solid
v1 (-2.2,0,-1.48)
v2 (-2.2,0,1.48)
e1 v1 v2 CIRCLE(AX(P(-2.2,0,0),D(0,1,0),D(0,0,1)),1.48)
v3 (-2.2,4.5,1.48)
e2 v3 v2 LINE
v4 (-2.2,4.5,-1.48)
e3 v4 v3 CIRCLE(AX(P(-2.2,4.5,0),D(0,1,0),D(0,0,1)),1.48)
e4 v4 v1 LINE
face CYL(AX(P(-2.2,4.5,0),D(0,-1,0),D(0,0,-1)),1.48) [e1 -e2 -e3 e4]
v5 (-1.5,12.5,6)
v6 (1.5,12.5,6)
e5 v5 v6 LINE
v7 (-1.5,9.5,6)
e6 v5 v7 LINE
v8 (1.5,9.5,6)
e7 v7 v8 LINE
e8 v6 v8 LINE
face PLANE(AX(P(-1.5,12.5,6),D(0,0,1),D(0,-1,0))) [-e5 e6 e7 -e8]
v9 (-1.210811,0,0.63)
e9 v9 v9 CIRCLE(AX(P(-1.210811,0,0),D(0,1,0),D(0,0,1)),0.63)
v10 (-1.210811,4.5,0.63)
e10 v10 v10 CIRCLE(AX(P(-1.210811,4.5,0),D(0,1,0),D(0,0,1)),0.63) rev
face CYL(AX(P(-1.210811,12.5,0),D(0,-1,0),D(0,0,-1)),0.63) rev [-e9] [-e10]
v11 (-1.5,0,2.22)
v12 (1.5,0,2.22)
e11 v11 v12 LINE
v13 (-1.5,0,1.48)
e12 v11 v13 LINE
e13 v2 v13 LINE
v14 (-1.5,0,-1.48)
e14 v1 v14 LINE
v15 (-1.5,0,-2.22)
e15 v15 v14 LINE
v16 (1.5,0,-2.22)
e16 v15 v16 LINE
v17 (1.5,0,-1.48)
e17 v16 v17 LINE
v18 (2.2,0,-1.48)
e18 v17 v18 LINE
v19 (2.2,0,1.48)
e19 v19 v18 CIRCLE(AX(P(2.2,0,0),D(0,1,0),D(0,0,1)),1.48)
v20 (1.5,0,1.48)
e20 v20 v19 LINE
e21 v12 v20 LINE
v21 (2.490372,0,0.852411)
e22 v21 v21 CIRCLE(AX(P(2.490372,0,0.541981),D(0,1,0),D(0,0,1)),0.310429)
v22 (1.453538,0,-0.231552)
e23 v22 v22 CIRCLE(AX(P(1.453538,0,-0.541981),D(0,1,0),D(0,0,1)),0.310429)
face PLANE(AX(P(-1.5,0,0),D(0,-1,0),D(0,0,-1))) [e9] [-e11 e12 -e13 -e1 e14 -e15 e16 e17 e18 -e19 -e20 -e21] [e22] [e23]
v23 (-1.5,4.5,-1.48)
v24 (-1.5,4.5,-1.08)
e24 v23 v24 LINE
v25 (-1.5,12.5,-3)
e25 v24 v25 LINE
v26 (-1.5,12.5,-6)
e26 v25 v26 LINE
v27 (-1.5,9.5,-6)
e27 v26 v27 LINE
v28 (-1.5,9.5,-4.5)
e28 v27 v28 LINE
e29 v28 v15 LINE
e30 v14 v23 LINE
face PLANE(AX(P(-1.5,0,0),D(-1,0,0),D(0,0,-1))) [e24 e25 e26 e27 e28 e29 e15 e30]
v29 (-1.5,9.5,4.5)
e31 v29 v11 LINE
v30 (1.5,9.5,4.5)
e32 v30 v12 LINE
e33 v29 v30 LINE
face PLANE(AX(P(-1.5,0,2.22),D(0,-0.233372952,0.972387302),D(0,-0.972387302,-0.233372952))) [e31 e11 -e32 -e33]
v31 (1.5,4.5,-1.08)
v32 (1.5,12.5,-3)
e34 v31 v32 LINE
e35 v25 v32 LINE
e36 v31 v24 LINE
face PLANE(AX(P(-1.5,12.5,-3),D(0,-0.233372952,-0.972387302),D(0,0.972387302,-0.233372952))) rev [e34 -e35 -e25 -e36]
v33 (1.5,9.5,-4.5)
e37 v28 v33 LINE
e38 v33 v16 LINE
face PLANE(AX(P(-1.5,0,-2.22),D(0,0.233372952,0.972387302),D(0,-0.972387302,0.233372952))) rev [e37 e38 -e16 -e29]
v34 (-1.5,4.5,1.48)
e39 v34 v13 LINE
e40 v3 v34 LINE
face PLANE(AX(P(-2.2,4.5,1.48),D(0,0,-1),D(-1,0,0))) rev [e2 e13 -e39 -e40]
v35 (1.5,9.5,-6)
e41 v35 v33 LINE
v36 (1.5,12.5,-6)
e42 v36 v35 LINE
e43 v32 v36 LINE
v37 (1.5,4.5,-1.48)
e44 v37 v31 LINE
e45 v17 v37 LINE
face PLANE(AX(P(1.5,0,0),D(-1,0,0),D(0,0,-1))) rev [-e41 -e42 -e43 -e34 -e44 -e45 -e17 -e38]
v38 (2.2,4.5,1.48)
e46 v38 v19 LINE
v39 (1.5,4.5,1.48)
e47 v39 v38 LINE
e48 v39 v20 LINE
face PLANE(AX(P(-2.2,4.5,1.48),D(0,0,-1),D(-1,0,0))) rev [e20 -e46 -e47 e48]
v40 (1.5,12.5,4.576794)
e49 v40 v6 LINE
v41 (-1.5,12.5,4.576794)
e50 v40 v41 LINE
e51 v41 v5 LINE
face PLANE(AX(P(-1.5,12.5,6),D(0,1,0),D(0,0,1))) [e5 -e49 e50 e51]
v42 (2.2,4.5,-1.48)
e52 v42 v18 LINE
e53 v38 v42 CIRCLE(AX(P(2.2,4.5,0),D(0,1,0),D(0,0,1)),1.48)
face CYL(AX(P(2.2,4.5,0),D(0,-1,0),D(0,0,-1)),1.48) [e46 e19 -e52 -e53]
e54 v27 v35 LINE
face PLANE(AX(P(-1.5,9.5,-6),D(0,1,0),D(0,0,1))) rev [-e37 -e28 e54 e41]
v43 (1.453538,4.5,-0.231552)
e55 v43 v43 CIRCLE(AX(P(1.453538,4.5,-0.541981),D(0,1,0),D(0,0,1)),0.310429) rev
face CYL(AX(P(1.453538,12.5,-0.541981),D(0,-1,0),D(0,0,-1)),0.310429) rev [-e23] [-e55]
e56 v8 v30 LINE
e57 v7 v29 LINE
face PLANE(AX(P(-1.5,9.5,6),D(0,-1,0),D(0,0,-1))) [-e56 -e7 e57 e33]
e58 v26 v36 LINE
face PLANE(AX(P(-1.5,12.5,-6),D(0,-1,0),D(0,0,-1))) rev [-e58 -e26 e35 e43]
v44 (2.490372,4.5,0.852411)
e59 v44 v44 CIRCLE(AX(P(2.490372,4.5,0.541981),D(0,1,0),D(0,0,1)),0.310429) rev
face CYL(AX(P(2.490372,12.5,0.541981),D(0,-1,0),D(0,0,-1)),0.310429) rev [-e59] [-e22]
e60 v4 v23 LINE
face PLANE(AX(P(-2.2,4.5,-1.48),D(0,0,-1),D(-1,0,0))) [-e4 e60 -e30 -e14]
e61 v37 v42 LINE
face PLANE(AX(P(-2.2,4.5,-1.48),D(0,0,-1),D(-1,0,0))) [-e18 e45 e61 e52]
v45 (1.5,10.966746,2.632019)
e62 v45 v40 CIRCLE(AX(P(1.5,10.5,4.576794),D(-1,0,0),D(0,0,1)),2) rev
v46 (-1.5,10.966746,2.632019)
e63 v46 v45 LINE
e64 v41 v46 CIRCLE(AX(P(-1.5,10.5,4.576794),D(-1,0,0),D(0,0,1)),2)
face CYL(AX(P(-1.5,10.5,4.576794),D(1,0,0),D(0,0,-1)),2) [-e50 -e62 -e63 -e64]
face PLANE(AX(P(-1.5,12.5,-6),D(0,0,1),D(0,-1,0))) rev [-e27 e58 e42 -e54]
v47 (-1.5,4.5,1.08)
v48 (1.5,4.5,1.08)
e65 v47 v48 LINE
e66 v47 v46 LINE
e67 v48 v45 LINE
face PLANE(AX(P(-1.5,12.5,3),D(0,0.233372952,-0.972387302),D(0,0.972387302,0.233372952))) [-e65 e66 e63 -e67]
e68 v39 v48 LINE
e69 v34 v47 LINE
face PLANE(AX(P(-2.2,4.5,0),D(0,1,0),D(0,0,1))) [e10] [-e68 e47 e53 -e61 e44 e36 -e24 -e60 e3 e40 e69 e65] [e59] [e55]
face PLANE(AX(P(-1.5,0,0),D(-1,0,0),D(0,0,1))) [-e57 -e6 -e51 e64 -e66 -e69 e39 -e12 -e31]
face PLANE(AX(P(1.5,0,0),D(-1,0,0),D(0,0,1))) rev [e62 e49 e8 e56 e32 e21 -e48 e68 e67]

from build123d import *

# Parameters (mm, degrees)
BOSS_EXTRUDE2_DEPTH = 1.5
FILLET1_R           = 2
BOSS_EXTRUDE3_DEPTH = 4.5
SKETCH1_3_R         = 0.63
SKETCH1_3_R_2       = 0.310429465
CUT_EXTRUDE2_DEPTH  = 15.345466183


with BuildPart() as part:
    # Sketch2 → Boss-Extrude2 (new, symmetric)
    with BuildSketch(Plane(origin=(0, 0, 0), x_dir=(0, 0, -1), z_dir=(1, 0, 0))):
        Polygon((-6, 12.5), (-6, 9.5), (-4.5, 9.5), (-2.22, 0), (0, 0), (-3, 12.5), align=None)
    boss_extrude2 = extrude(amount=BOSS_EXTRUDE2_DEPTH, both=True)

    # Fillet1
    fillet1_edges = [part.edges().sort_by_distance(p)[0] for p in [
        (0, 12.5, 3),
    ]]
    fillet(fillet1_edges, radius=FILLET1_R)

    # Sketch1 → Boss-Extrude3 (add)
    with BuildSketch(Plane(origin=(0, 0, 0), x_dir=(1, 0, 0), z_dir=(0, 1, 0))):
        with BuildLine():
            Line((-2.2, 1.48), (2.2, 1.48))
            ThreePointArc((2.2, 1.48), (3.68, 0), (2.2, -1.48))
            Line((2.2, -1.48), (-2.2, -1.48))
            ThreePointArc((-2.2, -1.48), (-3.68, 0), (-2.2, 1.48))
        make_face()
    extrude(amount=BOSS_EXTRUDE3_DEPTH)

    # Mirror1: Boss-Extrude2 across plane
    add(boss_extrude2.mirror(Plane.XY))

    # Sketch1<3> → Cut-Extrude2 (cut, through all)
    with BuildSketch(Plane(origin=(0, 0, 0), x_dir=(1, 0, 0), z_dir=(0, 1, 0))):
        with Locations((-1.210810654, 0)):
            Circle(SKETCH1_3_R)
        with Locations((1.453538454, 0.541981393)):
            Circle(SKETCH1_3_R_2)
        with Locations((2.490372423, -0.541981393)):
            Circle(SKETCH1_3_R_2)
    extrude(amount=CUT_EXTRUDE2_DEPTH, mode=Mode.SUBTRACT)


solid = part.part
